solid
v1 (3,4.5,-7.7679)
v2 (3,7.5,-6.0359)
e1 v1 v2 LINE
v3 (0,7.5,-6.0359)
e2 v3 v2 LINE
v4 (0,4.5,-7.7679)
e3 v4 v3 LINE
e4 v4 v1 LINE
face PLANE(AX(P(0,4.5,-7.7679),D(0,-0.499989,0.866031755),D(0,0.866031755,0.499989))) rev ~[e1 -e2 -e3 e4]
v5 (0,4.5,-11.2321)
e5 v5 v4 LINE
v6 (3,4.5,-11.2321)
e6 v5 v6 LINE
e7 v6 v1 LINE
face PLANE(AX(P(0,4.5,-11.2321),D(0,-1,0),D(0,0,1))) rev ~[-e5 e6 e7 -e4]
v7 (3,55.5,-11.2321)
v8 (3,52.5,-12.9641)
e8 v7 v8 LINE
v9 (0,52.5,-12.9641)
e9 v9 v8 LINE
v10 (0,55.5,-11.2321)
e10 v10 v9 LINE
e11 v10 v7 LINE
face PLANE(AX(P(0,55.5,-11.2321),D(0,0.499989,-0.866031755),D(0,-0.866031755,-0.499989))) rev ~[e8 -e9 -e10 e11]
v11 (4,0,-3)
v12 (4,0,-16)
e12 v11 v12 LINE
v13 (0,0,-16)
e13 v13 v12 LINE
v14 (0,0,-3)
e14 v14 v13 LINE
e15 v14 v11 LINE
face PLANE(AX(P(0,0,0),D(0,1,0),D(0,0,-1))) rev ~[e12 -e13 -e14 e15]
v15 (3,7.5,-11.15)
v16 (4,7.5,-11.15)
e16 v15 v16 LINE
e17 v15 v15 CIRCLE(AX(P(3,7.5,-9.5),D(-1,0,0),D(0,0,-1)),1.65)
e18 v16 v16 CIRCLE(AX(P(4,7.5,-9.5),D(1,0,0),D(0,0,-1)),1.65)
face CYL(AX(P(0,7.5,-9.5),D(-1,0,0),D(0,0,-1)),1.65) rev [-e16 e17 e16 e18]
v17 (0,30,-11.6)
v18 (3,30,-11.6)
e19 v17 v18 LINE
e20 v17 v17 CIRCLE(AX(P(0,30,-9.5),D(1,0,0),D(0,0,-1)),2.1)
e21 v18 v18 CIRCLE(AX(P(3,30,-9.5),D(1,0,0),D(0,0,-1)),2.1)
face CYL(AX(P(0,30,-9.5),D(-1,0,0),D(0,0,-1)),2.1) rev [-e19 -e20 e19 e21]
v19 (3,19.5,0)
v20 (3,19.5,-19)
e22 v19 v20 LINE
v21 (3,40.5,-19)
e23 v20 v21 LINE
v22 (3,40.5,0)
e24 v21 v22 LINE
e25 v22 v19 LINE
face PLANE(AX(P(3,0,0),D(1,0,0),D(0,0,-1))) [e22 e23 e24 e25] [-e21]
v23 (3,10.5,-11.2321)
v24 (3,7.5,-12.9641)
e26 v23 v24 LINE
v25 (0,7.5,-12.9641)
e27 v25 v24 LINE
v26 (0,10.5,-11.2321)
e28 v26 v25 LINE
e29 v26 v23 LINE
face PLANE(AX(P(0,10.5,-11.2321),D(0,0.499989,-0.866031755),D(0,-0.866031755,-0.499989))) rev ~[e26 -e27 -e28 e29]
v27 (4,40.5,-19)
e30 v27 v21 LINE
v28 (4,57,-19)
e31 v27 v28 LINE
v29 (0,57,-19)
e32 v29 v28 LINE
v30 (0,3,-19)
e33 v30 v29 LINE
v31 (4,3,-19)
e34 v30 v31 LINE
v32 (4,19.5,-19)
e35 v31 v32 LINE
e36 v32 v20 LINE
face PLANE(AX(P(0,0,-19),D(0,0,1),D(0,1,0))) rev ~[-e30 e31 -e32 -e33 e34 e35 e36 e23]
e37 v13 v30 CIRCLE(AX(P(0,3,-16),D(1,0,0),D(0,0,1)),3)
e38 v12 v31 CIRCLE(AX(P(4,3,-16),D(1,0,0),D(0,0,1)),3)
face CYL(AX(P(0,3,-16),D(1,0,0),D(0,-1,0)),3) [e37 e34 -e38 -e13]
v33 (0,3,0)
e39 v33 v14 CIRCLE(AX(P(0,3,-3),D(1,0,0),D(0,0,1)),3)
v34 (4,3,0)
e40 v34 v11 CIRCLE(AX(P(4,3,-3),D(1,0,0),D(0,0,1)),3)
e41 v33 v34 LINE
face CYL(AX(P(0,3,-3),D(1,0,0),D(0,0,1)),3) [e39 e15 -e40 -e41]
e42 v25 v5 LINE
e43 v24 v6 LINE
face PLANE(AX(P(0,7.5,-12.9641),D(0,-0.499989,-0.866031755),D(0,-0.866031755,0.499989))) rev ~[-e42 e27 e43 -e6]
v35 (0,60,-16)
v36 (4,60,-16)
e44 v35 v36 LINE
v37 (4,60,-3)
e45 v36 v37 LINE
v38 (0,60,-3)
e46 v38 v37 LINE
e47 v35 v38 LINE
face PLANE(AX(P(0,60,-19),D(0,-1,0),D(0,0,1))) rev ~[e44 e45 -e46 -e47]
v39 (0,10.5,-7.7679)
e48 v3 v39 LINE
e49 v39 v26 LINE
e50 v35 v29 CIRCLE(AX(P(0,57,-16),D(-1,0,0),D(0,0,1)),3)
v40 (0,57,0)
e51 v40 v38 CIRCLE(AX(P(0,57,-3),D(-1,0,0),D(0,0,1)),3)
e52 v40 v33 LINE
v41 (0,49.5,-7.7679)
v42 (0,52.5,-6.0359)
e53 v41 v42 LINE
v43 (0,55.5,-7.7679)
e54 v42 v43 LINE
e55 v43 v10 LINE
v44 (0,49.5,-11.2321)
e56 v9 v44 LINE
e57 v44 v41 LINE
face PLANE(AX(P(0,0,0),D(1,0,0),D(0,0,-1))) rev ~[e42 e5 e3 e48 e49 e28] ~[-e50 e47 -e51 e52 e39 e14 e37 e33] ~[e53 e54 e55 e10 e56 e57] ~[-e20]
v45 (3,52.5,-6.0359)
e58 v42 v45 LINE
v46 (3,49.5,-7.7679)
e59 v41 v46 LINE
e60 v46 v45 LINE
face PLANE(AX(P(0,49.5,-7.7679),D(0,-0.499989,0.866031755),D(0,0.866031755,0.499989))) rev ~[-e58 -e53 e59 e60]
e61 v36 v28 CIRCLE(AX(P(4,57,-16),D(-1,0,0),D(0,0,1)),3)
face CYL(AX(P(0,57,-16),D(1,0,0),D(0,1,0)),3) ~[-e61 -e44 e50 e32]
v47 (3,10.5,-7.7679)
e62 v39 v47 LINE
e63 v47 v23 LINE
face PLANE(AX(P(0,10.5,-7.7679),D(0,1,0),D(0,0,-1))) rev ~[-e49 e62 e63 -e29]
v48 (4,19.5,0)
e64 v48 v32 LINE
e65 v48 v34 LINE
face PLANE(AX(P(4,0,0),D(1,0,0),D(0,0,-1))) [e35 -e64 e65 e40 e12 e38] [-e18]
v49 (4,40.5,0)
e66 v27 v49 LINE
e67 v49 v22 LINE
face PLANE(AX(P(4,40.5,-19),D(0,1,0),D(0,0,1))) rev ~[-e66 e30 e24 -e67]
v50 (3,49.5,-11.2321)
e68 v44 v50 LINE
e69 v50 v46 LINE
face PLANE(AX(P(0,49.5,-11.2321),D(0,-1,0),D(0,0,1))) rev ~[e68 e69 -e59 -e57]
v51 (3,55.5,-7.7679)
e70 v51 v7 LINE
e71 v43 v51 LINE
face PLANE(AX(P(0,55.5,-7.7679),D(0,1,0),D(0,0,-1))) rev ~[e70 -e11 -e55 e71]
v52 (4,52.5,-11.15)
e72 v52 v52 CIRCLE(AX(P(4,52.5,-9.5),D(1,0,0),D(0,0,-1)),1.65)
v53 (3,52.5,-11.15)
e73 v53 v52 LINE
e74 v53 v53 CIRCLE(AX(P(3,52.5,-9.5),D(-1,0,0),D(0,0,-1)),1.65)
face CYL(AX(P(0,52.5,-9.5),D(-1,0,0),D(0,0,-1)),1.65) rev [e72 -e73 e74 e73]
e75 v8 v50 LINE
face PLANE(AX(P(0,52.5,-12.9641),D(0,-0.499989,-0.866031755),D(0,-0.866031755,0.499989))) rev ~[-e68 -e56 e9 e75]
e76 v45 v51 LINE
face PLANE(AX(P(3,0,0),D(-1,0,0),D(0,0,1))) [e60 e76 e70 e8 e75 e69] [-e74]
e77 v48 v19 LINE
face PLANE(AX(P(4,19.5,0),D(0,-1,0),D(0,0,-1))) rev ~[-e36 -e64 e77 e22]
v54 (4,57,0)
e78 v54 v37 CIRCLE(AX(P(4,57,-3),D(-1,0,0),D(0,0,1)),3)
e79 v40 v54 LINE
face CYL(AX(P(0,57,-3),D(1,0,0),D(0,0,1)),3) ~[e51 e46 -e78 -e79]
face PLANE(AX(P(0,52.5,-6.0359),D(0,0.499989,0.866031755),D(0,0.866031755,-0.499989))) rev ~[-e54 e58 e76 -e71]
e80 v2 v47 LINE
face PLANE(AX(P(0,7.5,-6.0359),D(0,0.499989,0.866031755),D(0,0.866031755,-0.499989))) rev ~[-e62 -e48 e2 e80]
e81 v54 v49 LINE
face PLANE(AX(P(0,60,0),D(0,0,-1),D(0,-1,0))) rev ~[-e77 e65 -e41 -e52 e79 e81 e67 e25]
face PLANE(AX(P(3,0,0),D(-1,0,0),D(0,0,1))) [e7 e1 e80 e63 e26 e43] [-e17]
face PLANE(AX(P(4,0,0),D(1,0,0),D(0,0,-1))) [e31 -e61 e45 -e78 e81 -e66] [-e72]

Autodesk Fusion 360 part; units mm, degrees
sketch "Sketch1" plane through (0, 0, 0) normal (1, 0, 0) x (0, 0, -1)
  line L0 (0, 0) -> (19, 0)
  line L1 (19, 0) -> (19, 60)
  line L2 (19, 60) -> (0, 60)
  line L3 (0, 60) -> (0, 0)
  circle A0 centre (9.5, 52.5) radius 1.65
  circle A1 centre (9.5, 7.5) radius 1.65
  circle A2 centre (9.5, 30) radius 2.1
  point P0 (9.5, 60)
  point P1 (0, 30)
  dimension "d1" = 3.3
  dimension "d2" = 45
  dimension "d3" = 60
  dimension "d4" = 19
  dimension "d5" = 9.5
  dimension "d6" = 7.5
  dimension "d7" = 4.2
extrude "Extrude1" add sketch "Sketch1" along normal blind 4
sketch "Sketch2" plane through (4, 0, 0) normal (1, 0, 0) x (0, 0, -1)
  circle A0 centre (9.5, 7.5) radius 1.65
  circle A1 centre (9.5, 52.5) radius 1.65
  circle A2 centre (9.5, 30) radius 2.1
  line L0 (0, 60) -> (0, 0)
  line L1 (0, 0) -> (19, 0)
  line L2 (19, 0) -> (19, 60)
  line L3 (19, 60) -> (0, 60)
  line L4 (19, 40.5) -> (0, 40.5)
  line L5 (0, 40.5) -> (0, 19.5)
  line L6 (0, 19.5) -> (19, 19.5)
  line L7 (19, 19.5) -> (19, 40.5)
  line L8 (19, 40.5) -> (0, 19.5) construction
  line L9 (0, 40.5) -> (19, 19.5) construction
  point P0 (9.5, 30)
  dimension "d10" = 21
extrude "Extrude2" cut sketch "Sketch2" against normal blind 1 contours L0 L2 L4 L5 L6 L7
fillet "Fillet1" radius 3 4 edges at (2, 60, 0) (2, 60, -19) (2, 0, -19) (2, 0, 0)
sketch "Sketch3" plane through (0, 0, 0) normal (-1, 0, 0) x (0, 0, 1)
  arc A0 (-3, 0) -> (0, 3) centre (-3, 3) ccw
  line L0 (0, 3) -> (0, 57)
  arc A1 (0, 57) -> (-3, 60) centre (-3, 57) ccw
  line L1 (-3, 60) -> (-16, 60)
  arc A2 (-16, 60) -> (-19, 57) centre (-16, 57) ccw
  line L2 (-19, 57) -> (-19, 3)
  arc A3 (-19, 3) -> (-16, 0) centre (-16, 3) ccw
  line L3 (-16, 0) -> (-3, 0)
  circle A4 centre (-9.5, 7.5) radius 1.65
  circle A5 centre (-9.5, 52.5) radius 1.65
  circle A6 centre (-9.5, 30) radius 2.1
  line L4 (-11.2321, 55.5) -> (-12.9641, 52.5)
  line L5 (-12.9641, 52.5) -> (-11.2321, 49.5)
  line L6 (-11.2321, 49.5) -> (-7.7679, 49.5)
  line L7 (-7.7679, 49.5) -> (-6.0359, 52.5)
  line L8 (-6.0359, 52.5) -> (-7.7679, 55.5)
  line L9 (-7.7679, 55.5) -> (-11.2321, 55.5)
  line L10 (-11.2321, 10.5) -> (-12.9641, 7.5)
  line L11 (-12.9641, 7.5) -> (-11.2321, 4.5)
  line L12 (-11.2321, 4.5) -> (-7.7679, 4.5)
  line L13 (-7.7679, 4.5) -> (-6.0359, 7.5)
  line L14 (-6.0359, 7.5) -> (-7.7679, 10.5)
  line L15 (-7.7679, 10.5) -> (-11.2321, 10.5)
  point P0 (-9.5, 52.5)
  point P1 (-9.5, 7.5)
  dimension "d15" = 6
  dimension "d16" = 6
extrude "Extrude3" cut sketch "Sketch3" against normal blind 3 contours L4 L5 L6 L7 L8 L9 | L10 L11 L12 L13 L14 L15
equation "d5 = d4 / 2"
equation "d16 = d15"
